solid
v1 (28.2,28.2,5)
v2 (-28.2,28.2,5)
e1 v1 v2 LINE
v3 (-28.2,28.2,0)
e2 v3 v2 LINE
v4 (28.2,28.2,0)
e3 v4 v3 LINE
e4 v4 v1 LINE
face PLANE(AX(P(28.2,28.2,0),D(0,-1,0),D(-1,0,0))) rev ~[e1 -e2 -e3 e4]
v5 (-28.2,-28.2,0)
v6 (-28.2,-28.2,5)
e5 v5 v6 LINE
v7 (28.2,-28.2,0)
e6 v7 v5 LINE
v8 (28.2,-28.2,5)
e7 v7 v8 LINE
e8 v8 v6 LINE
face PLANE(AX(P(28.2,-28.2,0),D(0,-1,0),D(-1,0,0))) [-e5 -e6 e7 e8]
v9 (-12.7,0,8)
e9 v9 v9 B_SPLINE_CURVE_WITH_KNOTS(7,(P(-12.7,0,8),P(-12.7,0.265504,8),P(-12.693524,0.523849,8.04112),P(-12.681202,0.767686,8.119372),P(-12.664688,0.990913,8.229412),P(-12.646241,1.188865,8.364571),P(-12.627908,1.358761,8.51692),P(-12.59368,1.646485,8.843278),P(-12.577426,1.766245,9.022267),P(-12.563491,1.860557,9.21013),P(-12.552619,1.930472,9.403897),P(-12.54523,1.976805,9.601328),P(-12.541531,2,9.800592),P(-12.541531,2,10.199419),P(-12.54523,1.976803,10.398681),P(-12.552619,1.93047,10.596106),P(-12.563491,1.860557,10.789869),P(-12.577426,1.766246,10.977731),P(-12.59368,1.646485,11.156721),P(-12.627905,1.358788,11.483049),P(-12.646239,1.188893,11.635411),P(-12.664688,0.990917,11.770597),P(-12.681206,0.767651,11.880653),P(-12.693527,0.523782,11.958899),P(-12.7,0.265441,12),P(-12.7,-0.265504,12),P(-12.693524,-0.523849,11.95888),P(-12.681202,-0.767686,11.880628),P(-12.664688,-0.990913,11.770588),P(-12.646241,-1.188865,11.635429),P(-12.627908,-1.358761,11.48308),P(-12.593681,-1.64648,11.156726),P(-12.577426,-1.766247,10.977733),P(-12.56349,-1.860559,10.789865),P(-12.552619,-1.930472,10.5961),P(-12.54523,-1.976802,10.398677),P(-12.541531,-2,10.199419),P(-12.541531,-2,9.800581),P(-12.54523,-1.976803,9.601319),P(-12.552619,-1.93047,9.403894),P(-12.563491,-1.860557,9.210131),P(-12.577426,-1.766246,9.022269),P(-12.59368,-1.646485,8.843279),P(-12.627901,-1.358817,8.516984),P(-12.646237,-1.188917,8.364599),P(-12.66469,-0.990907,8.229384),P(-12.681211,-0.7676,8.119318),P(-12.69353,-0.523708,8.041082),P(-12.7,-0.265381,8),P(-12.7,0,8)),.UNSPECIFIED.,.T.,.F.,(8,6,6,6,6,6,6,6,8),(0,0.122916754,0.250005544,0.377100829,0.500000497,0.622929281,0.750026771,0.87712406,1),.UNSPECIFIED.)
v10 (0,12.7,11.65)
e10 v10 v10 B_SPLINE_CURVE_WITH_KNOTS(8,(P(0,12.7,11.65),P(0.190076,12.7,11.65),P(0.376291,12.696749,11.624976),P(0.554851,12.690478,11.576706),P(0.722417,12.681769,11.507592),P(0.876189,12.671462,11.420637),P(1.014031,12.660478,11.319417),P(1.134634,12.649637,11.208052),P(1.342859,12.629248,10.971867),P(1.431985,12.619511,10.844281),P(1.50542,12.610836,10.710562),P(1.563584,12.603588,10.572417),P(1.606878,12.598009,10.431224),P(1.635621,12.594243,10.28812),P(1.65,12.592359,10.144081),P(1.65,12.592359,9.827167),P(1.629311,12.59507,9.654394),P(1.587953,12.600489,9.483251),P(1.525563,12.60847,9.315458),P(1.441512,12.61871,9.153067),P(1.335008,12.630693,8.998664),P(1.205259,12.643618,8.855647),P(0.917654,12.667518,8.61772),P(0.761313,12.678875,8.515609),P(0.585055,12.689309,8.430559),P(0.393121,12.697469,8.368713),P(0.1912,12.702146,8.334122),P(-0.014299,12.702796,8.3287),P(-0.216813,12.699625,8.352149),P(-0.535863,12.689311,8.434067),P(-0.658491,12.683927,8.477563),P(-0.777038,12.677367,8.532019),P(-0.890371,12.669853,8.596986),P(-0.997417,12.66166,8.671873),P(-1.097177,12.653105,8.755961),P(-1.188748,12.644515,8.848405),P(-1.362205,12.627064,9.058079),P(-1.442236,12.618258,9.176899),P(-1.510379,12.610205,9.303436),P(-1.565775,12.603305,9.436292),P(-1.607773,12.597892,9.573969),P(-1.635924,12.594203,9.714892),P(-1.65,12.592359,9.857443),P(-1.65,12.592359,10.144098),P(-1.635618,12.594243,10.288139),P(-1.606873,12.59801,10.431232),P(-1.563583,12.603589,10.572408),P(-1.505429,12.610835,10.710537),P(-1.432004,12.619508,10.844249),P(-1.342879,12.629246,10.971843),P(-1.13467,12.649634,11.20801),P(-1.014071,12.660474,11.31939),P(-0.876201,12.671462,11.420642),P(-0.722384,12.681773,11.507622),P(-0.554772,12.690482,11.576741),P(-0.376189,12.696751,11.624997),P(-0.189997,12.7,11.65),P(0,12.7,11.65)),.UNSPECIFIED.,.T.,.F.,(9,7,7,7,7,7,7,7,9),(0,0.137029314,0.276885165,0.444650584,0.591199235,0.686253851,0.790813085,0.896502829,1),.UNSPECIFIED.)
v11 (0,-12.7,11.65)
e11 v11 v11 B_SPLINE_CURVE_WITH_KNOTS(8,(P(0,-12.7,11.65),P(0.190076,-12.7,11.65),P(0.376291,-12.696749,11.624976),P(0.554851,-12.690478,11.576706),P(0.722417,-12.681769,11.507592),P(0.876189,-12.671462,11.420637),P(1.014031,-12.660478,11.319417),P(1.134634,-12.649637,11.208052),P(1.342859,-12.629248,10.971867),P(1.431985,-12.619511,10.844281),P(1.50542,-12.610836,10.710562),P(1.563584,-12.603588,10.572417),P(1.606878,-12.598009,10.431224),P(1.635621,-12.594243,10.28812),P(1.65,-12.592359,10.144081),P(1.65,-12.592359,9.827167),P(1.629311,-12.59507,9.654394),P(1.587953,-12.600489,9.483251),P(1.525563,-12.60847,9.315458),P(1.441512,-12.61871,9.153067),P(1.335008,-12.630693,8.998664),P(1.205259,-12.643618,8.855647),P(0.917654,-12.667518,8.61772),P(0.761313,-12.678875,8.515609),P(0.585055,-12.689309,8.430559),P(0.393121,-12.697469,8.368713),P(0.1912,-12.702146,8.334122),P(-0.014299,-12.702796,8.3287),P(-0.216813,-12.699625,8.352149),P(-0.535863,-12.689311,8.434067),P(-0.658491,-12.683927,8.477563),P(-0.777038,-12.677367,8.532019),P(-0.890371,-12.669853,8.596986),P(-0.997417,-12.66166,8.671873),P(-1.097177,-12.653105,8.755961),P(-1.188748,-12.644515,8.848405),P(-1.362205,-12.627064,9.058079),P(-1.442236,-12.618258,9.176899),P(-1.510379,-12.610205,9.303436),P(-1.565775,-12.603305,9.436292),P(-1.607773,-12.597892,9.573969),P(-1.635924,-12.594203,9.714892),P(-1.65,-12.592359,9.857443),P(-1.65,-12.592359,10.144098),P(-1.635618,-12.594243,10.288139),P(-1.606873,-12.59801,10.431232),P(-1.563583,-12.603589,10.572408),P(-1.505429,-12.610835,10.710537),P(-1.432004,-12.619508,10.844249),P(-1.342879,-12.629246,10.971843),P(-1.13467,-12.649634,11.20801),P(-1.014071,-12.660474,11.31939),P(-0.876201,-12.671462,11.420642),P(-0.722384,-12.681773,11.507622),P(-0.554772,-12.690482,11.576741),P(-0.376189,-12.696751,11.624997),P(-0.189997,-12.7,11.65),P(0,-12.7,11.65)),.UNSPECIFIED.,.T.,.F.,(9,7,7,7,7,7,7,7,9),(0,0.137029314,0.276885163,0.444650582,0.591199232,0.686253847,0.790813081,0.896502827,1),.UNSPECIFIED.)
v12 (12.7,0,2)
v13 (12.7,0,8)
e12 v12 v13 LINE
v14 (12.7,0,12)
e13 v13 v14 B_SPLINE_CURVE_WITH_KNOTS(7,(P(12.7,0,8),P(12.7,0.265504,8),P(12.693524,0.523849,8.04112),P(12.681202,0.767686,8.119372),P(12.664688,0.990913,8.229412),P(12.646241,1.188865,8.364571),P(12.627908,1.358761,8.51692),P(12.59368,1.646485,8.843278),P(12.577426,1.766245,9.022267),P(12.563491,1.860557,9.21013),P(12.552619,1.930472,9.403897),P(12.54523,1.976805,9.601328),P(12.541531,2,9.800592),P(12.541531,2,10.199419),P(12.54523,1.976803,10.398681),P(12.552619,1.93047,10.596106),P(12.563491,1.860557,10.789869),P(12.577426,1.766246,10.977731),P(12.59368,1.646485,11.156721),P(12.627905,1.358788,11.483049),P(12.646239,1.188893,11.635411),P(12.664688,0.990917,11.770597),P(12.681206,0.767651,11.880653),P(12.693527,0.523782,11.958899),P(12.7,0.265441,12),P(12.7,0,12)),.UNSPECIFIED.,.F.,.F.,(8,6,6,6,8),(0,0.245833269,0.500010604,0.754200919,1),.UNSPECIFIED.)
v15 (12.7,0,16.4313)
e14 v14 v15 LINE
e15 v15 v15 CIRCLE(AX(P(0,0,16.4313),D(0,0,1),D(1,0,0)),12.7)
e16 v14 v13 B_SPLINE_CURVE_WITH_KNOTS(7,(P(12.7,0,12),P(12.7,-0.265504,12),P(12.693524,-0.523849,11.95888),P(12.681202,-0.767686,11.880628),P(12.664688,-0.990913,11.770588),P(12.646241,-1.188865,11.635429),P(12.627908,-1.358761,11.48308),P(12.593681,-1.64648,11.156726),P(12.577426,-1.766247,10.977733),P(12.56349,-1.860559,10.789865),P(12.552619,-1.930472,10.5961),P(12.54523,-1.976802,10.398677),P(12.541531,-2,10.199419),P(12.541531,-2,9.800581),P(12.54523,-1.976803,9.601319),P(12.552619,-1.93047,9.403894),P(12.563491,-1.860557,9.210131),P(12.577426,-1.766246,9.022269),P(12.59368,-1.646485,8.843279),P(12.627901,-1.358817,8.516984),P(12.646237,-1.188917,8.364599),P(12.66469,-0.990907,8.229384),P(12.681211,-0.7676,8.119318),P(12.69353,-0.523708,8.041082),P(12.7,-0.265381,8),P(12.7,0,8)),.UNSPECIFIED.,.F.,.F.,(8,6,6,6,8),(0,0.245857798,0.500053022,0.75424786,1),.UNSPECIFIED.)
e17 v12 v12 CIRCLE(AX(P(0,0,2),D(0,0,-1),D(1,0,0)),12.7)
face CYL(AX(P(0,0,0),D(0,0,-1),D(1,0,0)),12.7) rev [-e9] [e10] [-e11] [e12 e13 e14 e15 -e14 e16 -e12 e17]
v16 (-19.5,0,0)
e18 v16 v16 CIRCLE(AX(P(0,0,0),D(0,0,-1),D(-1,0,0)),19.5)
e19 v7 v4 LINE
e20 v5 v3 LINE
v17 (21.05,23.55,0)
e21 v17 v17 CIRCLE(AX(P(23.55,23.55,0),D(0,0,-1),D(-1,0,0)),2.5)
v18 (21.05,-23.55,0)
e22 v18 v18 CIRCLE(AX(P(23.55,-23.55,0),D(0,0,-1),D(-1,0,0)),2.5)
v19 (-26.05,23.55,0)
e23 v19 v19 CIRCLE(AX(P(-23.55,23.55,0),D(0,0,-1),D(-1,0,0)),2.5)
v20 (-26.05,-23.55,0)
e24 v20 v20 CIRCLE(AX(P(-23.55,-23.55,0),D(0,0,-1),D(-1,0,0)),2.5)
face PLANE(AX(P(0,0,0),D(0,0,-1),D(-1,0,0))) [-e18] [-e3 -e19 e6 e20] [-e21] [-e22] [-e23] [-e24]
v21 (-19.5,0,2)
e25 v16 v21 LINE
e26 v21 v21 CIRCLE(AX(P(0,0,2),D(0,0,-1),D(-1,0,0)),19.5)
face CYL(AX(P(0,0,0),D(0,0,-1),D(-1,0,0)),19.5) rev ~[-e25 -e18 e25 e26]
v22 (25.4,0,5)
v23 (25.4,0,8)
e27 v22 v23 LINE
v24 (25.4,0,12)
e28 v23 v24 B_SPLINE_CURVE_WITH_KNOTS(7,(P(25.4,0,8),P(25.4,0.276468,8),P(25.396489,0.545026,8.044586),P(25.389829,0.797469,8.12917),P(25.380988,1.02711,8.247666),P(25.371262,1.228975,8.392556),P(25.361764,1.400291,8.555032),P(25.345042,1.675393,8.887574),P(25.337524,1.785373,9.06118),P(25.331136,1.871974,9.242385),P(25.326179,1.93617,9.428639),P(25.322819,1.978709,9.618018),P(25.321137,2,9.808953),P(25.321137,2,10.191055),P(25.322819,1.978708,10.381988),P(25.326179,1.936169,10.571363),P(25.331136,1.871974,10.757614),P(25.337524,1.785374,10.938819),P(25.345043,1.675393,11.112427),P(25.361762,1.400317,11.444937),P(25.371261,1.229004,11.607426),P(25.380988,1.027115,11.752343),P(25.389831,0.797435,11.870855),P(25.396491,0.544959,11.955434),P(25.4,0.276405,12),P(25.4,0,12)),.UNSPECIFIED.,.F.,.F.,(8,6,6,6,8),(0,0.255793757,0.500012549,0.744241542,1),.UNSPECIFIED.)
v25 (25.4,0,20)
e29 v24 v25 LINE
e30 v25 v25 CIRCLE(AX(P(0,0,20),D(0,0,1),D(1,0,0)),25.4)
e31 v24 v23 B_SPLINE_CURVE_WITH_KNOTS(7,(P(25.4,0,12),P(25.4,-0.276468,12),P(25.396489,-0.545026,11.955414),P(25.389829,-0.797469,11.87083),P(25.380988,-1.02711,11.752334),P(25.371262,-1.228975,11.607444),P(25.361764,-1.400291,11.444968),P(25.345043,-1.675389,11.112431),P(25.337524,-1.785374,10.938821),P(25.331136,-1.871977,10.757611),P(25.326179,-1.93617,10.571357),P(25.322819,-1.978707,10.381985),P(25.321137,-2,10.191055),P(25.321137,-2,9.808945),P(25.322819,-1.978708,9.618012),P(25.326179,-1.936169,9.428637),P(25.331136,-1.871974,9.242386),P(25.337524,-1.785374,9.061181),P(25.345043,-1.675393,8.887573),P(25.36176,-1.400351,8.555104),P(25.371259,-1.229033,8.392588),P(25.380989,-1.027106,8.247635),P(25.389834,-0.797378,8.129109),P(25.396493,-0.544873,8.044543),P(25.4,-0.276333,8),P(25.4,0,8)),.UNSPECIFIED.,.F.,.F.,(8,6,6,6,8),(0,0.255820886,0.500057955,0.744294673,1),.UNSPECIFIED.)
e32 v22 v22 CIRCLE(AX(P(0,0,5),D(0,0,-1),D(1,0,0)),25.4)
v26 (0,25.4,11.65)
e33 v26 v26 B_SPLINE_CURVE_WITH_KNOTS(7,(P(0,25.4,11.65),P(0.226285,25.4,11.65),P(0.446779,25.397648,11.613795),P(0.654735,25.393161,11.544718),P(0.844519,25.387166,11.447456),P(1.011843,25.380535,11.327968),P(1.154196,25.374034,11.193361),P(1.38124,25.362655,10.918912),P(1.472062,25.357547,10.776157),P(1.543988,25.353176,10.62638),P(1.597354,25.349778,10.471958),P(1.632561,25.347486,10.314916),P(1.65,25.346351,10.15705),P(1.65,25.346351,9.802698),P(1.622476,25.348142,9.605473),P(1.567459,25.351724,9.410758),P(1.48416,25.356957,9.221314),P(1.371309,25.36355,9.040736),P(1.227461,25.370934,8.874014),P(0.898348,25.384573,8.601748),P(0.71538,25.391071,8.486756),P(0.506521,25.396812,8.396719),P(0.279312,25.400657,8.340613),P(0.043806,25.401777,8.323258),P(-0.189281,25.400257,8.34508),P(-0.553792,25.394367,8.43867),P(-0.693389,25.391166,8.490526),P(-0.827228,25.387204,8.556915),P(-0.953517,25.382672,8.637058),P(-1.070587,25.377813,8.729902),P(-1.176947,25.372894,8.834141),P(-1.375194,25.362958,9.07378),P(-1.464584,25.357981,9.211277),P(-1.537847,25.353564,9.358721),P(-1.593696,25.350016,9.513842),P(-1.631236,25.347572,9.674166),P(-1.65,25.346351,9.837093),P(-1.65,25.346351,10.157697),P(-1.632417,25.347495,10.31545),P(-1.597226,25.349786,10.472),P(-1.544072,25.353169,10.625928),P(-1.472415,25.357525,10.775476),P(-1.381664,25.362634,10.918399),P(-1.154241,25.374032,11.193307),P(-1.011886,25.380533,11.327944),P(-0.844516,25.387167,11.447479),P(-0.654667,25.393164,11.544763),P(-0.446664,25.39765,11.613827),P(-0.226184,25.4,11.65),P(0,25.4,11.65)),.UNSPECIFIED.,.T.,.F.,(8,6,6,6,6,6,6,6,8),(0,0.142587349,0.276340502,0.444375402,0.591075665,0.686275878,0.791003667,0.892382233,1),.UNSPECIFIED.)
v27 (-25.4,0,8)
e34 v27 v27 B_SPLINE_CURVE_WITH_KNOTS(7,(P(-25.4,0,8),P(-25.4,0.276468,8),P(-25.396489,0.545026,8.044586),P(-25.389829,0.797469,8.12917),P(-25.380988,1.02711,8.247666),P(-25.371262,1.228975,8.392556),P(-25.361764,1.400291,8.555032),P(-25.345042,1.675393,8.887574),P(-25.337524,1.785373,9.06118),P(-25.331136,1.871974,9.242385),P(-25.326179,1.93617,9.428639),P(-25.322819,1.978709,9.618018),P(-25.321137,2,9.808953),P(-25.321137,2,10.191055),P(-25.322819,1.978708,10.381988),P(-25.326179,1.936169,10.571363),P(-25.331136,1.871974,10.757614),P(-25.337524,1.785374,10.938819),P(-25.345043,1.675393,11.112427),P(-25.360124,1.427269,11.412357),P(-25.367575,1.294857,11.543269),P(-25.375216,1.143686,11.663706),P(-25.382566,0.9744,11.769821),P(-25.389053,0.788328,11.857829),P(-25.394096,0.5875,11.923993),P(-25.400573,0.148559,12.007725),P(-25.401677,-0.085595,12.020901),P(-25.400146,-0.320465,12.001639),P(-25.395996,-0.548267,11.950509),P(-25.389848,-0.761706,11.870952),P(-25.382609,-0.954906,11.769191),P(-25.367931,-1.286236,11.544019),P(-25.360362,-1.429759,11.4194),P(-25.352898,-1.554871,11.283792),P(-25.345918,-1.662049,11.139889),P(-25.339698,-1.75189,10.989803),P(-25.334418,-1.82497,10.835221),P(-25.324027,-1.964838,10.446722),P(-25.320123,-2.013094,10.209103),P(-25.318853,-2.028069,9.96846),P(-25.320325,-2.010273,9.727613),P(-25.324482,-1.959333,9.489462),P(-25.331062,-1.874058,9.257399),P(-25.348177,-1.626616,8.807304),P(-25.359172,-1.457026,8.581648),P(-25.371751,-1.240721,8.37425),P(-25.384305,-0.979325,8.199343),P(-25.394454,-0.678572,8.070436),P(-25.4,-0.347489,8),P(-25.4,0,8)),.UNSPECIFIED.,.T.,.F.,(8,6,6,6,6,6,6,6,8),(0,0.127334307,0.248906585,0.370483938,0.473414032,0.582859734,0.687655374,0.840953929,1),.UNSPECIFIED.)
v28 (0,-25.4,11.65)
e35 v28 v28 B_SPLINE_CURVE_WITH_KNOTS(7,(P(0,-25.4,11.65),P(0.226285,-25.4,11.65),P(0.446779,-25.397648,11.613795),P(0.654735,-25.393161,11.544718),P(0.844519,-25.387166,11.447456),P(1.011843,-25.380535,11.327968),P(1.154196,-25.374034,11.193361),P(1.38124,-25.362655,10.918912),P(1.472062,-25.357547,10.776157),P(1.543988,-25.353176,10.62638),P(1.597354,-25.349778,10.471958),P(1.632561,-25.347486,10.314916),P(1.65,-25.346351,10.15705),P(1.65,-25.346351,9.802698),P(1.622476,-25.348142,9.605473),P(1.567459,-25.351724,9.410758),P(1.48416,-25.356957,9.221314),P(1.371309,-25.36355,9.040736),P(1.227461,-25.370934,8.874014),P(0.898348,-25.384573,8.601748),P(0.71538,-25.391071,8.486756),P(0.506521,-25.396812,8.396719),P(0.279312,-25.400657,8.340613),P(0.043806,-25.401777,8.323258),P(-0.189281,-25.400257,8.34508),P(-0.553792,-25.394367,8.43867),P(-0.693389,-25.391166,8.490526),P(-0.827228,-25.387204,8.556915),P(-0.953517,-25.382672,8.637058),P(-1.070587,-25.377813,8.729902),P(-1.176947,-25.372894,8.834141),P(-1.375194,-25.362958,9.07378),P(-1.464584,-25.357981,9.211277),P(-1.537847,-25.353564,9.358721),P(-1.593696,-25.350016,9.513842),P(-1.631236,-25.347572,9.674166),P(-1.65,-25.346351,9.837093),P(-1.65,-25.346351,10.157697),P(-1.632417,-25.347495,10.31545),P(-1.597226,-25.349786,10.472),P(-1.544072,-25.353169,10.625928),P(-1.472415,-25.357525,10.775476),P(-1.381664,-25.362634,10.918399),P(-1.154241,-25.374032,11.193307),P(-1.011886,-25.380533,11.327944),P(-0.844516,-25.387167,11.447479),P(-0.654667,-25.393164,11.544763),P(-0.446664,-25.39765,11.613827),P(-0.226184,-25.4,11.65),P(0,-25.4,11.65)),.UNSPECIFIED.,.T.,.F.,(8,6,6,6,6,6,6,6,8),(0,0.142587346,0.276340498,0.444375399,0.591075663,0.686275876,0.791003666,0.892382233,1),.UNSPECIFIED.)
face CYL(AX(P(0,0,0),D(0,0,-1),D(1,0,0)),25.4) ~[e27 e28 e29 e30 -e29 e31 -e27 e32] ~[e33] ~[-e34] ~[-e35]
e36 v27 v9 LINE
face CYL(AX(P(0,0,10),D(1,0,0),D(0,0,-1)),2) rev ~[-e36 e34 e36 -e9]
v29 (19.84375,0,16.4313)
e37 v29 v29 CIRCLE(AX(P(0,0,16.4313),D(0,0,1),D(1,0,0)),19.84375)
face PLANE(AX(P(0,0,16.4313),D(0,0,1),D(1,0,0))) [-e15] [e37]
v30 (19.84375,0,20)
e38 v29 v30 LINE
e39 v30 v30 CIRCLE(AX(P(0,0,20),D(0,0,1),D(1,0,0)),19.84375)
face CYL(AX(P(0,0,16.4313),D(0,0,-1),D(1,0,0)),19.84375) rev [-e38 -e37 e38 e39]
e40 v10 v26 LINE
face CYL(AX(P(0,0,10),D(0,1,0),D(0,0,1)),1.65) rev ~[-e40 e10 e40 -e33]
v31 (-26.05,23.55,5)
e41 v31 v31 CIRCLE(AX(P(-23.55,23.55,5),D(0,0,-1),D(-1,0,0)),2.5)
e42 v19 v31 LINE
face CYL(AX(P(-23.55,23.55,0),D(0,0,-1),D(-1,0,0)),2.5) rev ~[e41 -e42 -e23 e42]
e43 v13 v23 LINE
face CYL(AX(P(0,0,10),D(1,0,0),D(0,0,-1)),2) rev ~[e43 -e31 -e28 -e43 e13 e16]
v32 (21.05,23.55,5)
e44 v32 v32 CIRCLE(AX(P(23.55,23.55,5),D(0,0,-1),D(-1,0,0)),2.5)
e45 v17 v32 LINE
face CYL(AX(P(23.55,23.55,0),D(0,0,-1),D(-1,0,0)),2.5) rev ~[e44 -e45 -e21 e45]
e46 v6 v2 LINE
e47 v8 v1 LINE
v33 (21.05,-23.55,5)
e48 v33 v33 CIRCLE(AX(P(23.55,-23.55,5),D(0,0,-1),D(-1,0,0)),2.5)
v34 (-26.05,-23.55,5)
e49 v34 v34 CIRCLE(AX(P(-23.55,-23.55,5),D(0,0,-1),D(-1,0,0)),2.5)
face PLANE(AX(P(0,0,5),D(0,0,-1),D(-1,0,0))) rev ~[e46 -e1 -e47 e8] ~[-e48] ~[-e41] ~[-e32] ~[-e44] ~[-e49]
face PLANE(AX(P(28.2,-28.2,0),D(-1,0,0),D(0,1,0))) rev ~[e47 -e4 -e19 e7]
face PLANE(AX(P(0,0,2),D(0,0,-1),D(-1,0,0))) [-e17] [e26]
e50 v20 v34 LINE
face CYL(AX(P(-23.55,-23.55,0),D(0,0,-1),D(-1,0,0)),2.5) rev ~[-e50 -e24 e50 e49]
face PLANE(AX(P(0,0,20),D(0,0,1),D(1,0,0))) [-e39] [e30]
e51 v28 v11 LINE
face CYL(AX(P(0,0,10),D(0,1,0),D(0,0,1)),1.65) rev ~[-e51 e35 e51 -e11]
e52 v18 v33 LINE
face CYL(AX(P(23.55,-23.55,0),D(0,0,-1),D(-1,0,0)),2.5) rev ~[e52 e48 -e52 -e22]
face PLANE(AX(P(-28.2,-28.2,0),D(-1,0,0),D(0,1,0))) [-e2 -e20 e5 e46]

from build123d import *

# Parameters (mm, degrees)
SKETCH1_R           = 25.4
SKETCH1_R_2         = 12.7
BOSS_EXTRUDE1_DEPTH = 20
SKETCH2_R           = 2
CUT_EXTRUDE1_DEPTH  = 30
CUT_EXTRUDE2_START  = -3.5687
SKETCH3_R           = 19.84375
SKETCH3_R_2         = 12.7
CUT_EXTRUDE2_DEPTH  = 3.5687
SKETCH5_R           = 1.65
CUT_EXTRUDE4_DEPTH  = 31.7
SKETCH6_W           = 56.4
SKETCH6_H           = 56.4
SKETCH6_R           = 12.7
SKETCH6_R_2         = 2.5
BOSS_EXTRUDE2_DEPTH = 5
SKETCH7_R           = 19.5
CUT_EXTRUDE5_DEPTH  = 2


with BuildPart() as part:
    # Sketch1 → Boss-Extrude1 (new body)
    with BuildSketch(Plane.XY):
        Circle(SKETCH1_R)
        Circle(SKETCH1_R_2, mode=Mode.SUBTRACT)
    extrude(amount=BOSS_EXTRUDE1_DEPTH)

    # Sketch2 → Cut-Extrude1 (cut, symmetric)
    with BuildSketch(Plane(origin=(0, 0, 0), x_dir=(0, 0, -1), z_dir=(1, 0, 0))):
        with Locations((-10, 0)):
            Circle(SKETCH2_R)
    extrude(amount=CUT_EXTRUDE1_DEPTH, both=True, mode=Mode.SUBTRACT)

    # Sketch3 → Cut-Extrude2 (cut)
    with BuildSketch(Plane.XY.offset(20).offset(CUT_EXTRUDE2_START)):
        Circle(SKETCH3_R)
        Circle(SKETCH3_R_2, mode=Mode.SUBTRACT)
    extrude(amount=CUT_EXTRUDE2_DEPTH, mode=Mode.SUBTRACT)

    # Sketch5 → Cut-Extrude4 (cut, symmetric)
    with BuildSketch(Plane(origin=(0, 0, 0), x_dir=(1, 0, 0), z_dir=(0, 1, 0))):
        with Locations(Location((0, -10, 0), (0, 0, 270))):
            Circle(SKETCH5_R)
    extrude(amount=CUT_EXTRUDE4_DEPTH, both=True, mode=Mode.SUBTRACT)

    # Sketch6 → Boss-Extrude2 (add)
    with BuildSketch(Plane(origin=(0, 0, 0), x_dir=(-1, 0, 0), z_dir=(0, 0, -1))):
        Rectangle(SKETCH6_W, SKETCH6_H)
        with Locations(Location((0, 0, 0), (0, 0, 180))):
            Circle(SKETCH6_R, mode=Mode.SUBTRACT)
        with Locations((-23.55, 23.55)):
            Circle(SKETCH6_R_2, mode=Mode.SUBTRACT)
        with Locations((23.55, 23.55)):
            Circle(SKETCH6_R_2, mode=Mode.SUBTRACT)
        with Locations((23.55, -23.55)):
            Circle(SKETCH6_R_2, mode=Mode.SUBTRACT)
        with Locations((-23.55, -23.55)):
            Circle(SKETCH6_R_2, mode=Mode.SUBTRACT)
    extrude(amount=-BOSS_EXTRUDE2_DEPTH)

    # Sketch7 → Cut-Extrude5 (cut)
    with BuildSketch(Plane(origin=(0, 0, 0), x_dir=(-1, 0, 0), z_dir=(0, 0, -1))):
        Circle(SKETCH7_R)
    extrude(amount=-CUT_EXTRUDE5_DEPTH, mode=Mode.SUBTRACT)


solid = part.part
